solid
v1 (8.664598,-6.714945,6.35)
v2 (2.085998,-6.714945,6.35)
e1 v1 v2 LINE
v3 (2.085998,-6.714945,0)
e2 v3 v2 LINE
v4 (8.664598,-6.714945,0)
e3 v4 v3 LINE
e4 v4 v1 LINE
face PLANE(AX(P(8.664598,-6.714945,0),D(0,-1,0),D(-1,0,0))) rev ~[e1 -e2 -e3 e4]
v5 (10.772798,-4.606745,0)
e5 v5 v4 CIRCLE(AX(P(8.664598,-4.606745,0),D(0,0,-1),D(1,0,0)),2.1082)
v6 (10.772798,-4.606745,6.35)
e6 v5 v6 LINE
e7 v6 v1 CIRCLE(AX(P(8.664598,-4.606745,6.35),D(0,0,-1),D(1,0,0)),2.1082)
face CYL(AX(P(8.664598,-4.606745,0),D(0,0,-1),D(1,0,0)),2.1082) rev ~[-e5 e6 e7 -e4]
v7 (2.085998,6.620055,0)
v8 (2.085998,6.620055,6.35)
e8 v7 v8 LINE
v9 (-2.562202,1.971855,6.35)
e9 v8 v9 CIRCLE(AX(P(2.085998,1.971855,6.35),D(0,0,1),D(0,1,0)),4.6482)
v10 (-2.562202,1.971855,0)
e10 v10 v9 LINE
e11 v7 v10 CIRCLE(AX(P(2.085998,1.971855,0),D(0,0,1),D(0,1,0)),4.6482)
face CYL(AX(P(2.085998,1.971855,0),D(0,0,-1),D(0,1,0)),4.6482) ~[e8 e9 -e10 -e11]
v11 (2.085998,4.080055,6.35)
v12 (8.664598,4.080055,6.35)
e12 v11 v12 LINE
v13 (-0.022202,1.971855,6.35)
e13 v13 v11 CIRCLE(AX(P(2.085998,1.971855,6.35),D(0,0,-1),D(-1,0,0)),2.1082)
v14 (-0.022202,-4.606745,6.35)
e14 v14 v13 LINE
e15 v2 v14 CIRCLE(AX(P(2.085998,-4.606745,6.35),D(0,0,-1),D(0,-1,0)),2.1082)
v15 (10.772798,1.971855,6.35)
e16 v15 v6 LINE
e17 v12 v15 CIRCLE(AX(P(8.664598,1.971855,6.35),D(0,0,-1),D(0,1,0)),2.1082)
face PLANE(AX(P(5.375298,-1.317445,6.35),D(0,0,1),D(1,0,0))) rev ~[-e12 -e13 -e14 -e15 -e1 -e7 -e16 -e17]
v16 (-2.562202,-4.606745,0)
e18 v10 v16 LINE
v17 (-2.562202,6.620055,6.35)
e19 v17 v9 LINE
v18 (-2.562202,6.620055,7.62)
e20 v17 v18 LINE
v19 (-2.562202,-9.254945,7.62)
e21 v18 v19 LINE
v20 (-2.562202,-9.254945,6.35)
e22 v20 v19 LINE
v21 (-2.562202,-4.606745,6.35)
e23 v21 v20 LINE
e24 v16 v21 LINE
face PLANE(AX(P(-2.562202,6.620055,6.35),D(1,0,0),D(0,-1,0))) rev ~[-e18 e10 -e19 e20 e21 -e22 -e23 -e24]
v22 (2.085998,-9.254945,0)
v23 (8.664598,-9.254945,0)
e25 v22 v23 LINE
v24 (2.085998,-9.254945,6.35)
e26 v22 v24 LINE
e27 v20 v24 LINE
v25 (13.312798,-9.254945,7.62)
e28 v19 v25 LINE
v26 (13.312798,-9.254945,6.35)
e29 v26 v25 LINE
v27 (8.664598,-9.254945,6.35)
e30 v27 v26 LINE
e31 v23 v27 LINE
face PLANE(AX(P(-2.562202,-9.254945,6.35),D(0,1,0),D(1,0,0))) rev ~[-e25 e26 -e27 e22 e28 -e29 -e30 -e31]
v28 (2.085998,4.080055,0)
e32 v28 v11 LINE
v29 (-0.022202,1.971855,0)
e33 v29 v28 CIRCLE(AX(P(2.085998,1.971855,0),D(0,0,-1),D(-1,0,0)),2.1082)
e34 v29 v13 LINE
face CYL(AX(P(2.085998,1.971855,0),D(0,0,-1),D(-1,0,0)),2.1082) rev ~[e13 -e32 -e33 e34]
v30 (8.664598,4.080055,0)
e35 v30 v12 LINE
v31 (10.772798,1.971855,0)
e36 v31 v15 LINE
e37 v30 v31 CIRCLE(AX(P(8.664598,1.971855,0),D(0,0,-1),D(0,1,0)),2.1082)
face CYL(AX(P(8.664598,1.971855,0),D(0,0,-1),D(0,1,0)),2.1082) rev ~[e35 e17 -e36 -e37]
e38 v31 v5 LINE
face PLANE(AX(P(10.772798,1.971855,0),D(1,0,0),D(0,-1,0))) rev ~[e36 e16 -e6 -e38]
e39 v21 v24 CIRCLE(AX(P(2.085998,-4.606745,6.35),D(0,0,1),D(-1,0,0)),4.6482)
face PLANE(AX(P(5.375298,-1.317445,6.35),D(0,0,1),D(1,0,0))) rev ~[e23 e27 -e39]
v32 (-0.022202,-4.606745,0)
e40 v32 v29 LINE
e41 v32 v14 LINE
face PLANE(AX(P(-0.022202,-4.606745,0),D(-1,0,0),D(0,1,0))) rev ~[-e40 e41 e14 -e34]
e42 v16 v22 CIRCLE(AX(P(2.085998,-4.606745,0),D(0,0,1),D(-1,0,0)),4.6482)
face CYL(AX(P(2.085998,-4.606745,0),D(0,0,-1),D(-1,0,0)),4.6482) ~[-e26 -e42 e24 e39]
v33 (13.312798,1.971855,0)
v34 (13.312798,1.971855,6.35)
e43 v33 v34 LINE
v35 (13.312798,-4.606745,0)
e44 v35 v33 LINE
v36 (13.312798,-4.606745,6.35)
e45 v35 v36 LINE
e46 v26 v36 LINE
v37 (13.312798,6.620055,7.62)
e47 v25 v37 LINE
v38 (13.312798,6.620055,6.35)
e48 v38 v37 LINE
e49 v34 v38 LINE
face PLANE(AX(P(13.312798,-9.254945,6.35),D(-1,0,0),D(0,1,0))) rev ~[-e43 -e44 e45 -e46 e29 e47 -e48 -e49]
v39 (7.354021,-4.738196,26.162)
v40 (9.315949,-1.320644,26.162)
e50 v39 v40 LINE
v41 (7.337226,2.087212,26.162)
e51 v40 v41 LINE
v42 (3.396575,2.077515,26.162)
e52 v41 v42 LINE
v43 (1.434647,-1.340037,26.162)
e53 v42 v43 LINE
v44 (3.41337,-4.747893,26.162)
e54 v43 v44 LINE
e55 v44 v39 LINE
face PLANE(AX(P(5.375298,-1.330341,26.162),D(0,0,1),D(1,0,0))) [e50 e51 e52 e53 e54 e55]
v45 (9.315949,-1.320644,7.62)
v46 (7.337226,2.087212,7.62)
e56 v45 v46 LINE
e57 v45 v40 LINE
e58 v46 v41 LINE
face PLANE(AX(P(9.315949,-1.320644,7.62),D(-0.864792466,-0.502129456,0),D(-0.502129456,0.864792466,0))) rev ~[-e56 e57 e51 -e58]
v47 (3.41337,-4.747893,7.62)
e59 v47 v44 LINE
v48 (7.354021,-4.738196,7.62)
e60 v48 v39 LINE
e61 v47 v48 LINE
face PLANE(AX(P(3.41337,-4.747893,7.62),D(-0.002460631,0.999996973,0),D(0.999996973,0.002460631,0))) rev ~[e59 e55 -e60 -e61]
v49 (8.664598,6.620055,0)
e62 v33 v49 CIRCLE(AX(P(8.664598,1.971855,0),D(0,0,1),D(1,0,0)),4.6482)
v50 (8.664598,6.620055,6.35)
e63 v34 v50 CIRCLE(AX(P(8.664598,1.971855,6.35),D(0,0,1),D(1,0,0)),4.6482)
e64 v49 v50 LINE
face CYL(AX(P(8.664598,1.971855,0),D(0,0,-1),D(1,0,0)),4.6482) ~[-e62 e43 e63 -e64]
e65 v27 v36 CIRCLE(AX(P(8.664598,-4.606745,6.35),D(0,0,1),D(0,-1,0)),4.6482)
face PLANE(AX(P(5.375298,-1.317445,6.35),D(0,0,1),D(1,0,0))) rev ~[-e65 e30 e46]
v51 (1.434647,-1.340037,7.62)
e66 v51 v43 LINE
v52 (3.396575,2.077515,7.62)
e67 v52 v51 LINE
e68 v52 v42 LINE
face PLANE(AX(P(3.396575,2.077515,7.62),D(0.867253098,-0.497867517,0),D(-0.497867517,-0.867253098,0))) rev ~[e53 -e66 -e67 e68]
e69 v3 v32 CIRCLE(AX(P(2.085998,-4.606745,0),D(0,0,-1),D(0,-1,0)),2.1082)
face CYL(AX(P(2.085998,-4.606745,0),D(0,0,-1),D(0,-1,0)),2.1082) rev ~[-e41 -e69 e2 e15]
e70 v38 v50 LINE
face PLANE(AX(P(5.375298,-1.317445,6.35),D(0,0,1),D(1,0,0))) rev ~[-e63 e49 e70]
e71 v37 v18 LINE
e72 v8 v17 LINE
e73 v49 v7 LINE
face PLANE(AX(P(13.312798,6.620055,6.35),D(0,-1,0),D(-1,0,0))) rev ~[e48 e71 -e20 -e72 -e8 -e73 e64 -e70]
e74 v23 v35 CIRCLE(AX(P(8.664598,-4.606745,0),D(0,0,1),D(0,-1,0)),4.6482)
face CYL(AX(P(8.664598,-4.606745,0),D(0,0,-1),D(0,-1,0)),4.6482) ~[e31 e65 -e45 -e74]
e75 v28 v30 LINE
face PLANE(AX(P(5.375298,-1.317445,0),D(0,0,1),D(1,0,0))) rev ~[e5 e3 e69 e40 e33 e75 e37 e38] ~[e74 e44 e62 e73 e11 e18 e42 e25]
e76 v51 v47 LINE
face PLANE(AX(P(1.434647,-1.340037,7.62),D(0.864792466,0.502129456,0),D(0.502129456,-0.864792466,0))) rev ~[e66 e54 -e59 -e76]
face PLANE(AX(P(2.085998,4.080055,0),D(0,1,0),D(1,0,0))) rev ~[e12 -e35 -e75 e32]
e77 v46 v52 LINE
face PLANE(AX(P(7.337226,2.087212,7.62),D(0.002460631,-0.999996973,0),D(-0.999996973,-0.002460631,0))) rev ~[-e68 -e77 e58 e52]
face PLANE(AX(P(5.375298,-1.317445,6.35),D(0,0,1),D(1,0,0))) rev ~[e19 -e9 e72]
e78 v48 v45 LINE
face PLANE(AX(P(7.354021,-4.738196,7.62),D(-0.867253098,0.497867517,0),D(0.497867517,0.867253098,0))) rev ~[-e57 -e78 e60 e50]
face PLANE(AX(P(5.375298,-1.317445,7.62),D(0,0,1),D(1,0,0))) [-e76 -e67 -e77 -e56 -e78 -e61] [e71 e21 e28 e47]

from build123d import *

# Parameters (mm, degrees)
F1_DEPTH = 6.35
F3_DEPTH = 1.27
F5_DEPTH = 18.542


with BuildPart() as f1:
    # F0 (on Top) → F1 (new body)
    with BuildSketch(Plane.XY):
        with BuildLine():
            Line((8.6645979291, 6.620054795), (2.0859979291, 6.620054795))
            ThreePointArc((2.0859979291, 6.620054795), (-1.2007758112, 5.2586285353), (-2.5622020709, 1.971854795))
            Line((-2.5622020709, 1.971854795), (-2.5622020709, -4.606745205))
            ThreePointArc((-2.5622020709, -4.606745205), (-1.2007758112, -7.8935189453), (2.0859979291, -9.254945205))
            Line((2.0859979291, -9.254945205), (8.6645979291, -9.254945205))
            ThreePointArc((8.6645979291, -9.254945205), (11.9513716694, -7.8935189453), (13.3127979291, -4.606745205))
            Line((13.3127979291, -4.606745205), (13.3127979291, 1.971854795))
            ThreePointArc((13.3127979291, 1.971854795), (11.9513716694, 5.2586285353), (8.6645979291, 6.620054795))
        make_face()
        with BuildLine():
            ThreePointArc((-0.0222020709, 1.971854795), (0.595275413, 3.4625773111), (2.0859979291, 4.080054795))
            Line((2.0859979291, 4.080054795), (8.6645979291, 4.080054795))
            ThreePointArc((8.6645979291, 4.080054795), (10.1553204452, 3.4625773111), (10.7727979291, 1.971854795))
            Line((10.7727979291, 1.971854795), (10.7727979291, -4.606745205))
            ThreePointArc((10.7727979291, -4.606745205), (10.1553204452, -6.0974677211), (8.6645979291, -6.714945205))
            Line((8.6645979291, -6.714945205), (2.0859979291, -6.714945205))
            ThreePointArc((2.0859979291, -6.714945205), (0.595275413, -6.0974677211), (-0.0222020709, -4.606745205))
            Line((-0.0222020709, -4.606745205), (-0.0222020709, 1.971854795))
        make_face(mode=Mode.SUBTRACT)
    extrude(amount=F1_DEPTH)

    # F2 (on face) → F3 (join)
    with BuildSketch(Plane.XY.offset(6.35)):
        with BuildLine():
            Line((8.6645979291, 6.620054795), (2.0859979291, 6.620054795))
            ThreePointArc((2.0859979291, 6.620054795), (-1.2007758112, 5.2586285353), (-2.5622020709, 1.971854795))
            Line((-2.5622020709, 1.971854795), (-2.5622020709, -4.606745205))
            ThreePointArc((-2.5622020709, -4.606745205), (-1.2007758112, -7.8935189453), (2.0859979291, -9.254945205))
            Line((2.0859979291, -9.254945205), (8.6645979291, -9.254945205))
            ThreePointArc((8.6645979291, -9.254945205), (11.9513716694, -7.8935189453), (13.3127979291, -4.606745205))
            Line((13.3127979291, -4.606745205), (13.3127979291, 1.971854795))
            ThreePointArc((13.3127979291, 1.971854795), (11.9513716694, 5.2586285353), (8.6645979291, 6.620054795))
        make_face()
        with BuildLine():
            Line((-0.0222020709, -4.606745205), (-0.0222020709, 1.971854795))
            ThreePointArc((-0.0222020709, 1.971854795), (0.595275413, 3.4625773111), (2.0859979291, 4.080054795))
            Line((2.0859979291, 4.080054795), (8.6645979291, 4.080054795))
            ThreePointArc((8.6645979291, 4.080054795), (10.1553204452, 3.4625773111), (10.7727979291, 1.971854795))
            Line((10.7727979291, 1.971854795), (10.7727979291, -4.606745205))
            ThreePointArc((10.7727979291, -4.606745205), (10.1553204452, -6.0974677211), (8.6645979291, -6.714945205))
            Line((8.6645979291, -6.714945205), (2.0859979291, -6.714945205))
            ThreePointArc((2.0859979291, -6.714945205), (0.595275413, -6.0974677211), (-0.0222020709, -4.606745205))
        make_face(mode=Mode.SUBTRACT)
        with BuildLine():
            ThreePointArc((2.0859979291, 4.080054795), (0.595275413, 3.4625773111), (-0.0222020709, 1.971854795))
            Line((-0.0222020709, 1.971854795), (-0.0222020709, -4.606745205))
            ThreePointArc((-0.0222020709, -4.606745205), (0.595275413, -6.0974677211), (2.0859979291, -6.714945205))
            Line((2.0859979291, -6.714945205), (8.6645979291, -6.714945205))
            ThreePointArc((8.6645979291, -6.714945205), (10.1553204452, -6.0974677211), (10.7727979291, -4.606745205))
            Line((10.7727979291, -4.606745205), (10.7727979291, 1.971854795))
            ThreePointArc((10.7727979291, 1.971854795), (10.1553204452, 3.4625773111), (8.6645979291, 4.080054795))
            Line((8.6645979291, 4.080054795), (2.0859979291, 4.080054795))
        make_face()
        with BuildLine():
            Line((2.0859979291, 6.620054795), (-2.5622020709, 6.620054795))
            Line((-2.5622020709, 6.620054795), (-2.5622020709, 1.971854795))
            ThreePointArc((-2.5622020709, 1.971854795), (-1.2007758112, 5.2586285353), (2.0859979291, 6.620054795))
        make_face()
        with BuildLine():
            ThreePointArc((2.0859979291, -9.254945205), (-1.2007758112, -7.8935189453), (-2.5622020709, -4.606745205))
            Line((-2.5622020709, -4.606745205), (-2.5622020709, -9.254945205))
            Line((-2.5622020709, -9.254945205), (2.0859979291, -9.254945205))
        make_face()
        with BuildLine():
            Line((13.3127979291, -9.254945205), (13.3127979291, -4.606745205))
            ThreePointArc((13.3127979291, -4.606745205), (11.9513716694, -7.8935189453), (8.6645979291, -9.254945205))
            Line((8.6645979291, -9.254945205), (13.3127979291, -9.254945205))
        make_face()
        with BuildLine():
            Line((13.3127979291, 6.620054795), (8.6645979291, 6.620054795))
            ThreePointArc((8.6645979291, 6.620054795), (11.9513716694, 5.2586285353), (13.3127979291, 1.971854795))
            Line((13.3127979291, 1.971854795), (13.3127979291, 6.620054795))
        make_face()
    extrude(amount=F3_DEPTH)

    # F4 (on face) → F5 (join)
    with BuildSketch(Plane.XY.offset(7.62)):
        Polygon((3.3965749548, 2.0775151044), (1.4346468435, -1.3400371025), (3.4133698178, -4.7478927907), (7.3540209034, -4.7381962721), (9.3159490147, -1.3206440652), (7.3372260404, 2.0872116231), align=None)
    extrude(amount=F5_DEPTH)


solid = f1.part
